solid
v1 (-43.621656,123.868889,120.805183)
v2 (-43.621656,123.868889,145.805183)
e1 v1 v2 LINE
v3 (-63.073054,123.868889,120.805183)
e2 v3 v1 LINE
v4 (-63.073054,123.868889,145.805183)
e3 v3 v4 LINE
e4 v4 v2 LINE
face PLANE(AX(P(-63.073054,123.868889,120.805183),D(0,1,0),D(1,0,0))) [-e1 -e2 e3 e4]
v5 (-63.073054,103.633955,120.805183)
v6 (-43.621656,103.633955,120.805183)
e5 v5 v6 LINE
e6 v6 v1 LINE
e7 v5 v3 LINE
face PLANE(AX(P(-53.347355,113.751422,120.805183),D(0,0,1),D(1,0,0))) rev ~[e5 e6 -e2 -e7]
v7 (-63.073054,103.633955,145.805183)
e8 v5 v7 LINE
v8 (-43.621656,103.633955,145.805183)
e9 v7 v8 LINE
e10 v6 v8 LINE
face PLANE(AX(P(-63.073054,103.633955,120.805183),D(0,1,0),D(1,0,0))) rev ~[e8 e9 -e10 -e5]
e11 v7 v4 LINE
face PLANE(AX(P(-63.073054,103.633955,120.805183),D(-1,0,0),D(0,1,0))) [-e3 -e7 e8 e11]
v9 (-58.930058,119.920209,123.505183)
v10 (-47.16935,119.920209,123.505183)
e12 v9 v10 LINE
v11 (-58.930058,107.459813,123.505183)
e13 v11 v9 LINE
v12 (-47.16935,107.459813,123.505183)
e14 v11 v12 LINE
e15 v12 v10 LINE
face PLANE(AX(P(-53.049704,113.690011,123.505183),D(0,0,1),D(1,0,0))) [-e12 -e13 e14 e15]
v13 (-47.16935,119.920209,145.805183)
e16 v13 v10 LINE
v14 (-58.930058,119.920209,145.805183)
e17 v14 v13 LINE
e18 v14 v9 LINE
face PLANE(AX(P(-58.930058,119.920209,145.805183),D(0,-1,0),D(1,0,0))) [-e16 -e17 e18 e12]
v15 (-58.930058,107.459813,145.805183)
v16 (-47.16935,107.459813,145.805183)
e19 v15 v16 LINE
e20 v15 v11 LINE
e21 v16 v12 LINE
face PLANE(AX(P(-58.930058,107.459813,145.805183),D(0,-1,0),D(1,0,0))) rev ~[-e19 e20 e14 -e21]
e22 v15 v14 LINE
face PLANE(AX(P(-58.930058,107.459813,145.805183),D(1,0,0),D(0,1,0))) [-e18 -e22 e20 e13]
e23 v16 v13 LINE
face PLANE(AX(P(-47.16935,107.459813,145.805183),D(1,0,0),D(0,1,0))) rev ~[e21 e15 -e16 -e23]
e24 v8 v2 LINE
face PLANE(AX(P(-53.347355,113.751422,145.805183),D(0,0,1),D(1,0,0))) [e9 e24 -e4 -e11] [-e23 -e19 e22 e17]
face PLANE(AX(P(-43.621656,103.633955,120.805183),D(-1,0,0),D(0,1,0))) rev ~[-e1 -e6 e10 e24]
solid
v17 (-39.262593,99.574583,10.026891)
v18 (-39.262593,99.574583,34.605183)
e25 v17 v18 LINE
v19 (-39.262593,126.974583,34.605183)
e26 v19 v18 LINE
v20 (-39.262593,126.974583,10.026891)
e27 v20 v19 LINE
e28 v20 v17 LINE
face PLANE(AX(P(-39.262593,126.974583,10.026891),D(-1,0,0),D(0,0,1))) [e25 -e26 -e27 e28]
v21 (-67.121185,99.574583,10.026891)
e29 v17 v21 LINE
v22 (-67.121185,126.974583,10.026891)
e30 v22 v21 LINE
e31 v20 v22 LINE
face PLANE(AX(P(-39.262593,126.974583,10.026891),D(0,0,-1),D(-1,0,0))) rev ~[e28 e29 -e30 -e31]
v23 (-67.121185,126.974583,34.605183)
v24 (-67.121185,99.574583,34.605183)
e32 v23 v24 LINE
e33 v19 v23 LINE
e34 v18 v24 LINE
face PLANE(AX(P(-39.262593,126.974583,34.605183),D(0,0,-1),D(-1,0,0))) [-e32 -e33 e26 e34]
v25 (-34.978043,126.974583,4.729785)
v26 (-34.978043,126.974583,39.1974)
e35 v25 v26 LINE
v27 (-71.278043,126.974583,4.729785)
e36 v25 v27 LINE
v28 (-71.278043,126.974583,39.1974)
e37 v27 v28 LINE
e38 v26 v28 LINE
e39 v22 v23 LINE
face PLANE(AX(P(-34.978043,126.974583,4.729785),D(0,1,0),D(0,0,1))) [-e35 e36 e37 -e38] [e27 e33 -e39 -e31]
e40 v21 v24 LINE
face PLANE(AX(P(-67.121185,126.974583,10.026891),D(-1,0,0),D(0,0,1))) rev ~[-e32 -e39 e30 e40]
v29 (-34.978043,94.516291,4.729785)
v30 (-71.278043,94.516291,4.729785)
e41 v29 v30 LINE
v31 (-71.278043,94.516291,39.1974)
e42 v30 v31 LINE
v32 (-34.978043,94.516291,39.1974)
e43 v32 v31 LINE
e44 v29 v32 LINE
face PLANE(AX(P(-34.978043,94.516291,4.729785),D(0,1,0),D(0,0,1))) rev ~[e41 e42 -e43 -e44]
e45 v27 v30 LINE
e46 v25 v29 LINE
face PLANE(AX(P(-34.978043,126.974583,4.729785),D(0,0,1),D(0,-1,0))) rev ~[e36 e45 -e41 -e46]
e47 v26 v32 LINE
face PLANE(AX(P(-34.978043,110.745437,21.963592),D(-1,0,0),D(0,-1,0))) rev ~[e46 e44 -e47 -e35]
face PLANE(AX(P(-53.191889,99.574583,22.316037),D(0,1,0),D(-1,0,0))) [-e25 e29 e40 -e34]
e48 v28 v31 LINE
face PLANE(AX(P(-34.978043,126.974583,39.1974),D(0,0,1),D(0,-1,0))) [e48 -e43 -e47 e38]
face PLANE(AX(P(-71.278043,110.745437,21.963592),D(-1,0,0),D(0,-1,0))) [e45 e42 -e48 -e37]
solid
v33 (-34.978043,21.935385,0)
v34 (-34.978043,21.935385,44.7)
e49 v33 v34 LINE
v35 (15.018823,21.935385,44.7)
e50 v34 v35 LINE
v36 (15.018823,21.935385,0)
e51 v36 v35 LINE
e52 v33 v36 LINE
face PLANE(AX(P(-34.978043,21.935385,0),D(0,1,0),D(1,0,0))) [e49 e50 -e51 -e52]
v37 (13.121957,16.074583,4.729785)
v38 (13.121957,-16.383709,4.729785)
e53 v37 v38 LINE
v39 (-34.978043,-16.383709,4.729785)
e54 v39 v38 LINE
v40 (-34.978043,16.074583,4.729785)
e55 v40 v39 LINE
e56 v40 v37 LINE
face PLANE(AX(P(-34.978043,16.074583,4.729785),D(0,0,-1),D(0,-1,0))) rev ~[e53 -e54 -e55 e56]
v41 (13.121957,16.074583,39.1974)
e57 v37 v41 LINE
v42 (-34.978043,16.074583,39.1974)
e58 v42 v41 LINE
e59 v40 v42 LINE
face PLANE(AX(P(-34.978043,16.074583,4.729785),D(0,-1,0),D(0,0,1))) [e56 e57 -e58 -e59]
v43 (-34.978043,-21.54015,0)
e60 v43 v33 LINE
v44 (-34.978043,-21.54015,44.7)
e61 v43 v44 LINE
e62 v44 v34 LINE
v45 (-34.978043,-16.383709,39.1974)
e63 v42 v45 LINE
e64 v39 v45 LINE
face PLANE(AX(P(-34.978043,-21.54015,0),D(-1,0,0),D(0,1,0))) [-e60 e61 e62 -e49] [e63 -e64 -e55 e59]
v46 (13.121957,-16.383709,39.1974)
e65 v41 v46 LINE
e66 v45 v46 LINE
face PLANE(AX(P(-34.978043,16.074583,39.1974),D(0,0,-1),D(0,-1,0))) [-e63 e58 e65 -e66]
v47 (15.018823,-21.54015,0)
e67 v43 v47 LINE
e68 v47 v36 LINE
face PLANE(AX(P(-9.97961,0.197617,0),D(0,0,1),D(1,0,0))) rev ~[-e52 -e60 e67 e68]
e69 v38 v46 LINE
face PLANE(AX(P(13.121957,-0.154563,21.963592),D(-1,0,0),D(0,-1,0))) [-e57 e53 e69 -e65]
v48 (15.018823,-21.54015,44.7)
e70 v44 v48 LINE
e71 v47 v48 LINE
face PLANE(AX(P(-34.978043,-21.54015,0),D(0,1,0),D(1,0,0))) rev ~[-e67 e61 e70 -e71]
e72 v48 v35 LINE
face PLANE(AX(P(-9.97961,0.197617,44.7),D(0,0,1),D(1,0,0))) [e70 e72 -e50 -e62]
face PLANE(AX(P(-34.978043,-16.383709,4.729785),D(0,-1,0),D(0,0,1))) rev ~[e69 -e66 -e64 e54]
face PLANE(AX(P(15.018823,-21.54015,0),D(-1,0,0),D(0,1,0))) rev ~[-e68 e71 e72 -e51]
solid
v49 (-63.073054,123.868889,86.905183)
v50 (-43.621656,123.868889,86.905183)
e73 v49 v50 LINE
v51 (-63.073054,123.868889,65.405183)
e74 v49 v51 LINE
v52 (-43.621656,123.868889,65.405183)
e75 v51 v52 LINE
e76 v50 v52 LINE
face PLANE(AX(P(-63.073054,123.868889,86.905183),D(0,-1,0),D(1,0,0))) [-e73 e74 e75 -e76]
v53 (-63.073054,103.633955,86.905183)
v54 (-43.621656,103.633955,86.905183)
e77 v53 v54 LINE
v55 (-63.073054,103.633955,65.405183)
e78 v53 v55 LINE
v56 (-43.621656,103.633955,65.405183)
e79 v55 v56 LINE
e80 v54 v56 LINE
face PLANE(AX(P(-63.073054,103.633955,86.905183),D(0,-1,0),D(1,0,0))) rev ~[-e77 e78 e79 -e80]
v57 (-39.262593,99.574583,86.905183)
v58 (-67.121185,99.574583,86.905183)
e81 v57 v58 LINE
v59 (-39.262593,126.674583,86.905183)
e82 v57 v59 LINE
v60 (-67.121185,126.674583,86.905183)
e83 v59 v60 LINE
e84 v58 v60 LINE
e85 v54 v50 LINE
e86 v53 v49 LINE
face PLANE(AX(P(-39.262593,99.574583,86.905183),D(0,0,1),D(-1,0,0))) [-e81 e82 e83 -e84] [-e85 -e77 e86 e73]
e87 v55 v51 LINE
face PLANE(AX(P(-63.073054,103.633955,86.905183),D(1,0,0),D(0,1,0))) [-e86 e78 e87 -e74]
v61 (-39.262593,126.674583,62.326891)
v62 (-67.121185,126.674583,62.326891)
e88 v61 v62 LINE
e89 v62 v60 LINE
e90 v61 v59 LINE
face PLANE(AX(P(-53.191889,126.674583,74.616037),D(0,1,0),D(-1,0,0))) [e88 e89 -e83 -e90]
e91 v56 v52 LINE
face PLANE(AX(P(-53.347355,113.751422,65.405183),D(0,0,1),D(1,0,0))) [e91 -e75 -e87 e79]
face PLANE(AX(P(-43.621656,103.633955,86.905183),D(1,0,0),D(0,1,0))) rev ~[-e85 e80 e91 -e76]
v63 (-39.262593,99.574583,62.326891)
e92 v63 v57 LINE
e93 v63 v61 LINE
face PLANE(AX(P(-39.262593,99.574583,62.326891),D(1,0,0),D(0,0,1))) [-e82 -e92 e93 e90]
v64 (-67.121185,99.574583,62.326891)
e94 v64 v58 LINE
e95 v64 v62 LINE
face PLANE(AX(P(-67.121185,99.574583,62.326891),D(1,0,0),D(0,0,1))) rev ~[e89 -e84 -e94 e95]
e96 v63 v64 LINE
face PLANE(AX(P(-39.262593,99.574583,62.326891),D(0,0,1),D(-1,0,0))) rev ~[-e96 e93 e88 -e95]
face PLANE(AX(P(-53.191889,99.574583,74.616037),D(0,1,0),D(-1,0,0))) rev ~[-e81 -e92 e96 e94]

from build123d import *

# Parameters (mm, degrees)
F0_W      = 49.996865
F0_H      = 43.475535
F1_DEPTH  = 44.7
F2_W      = 32.458292
F2_H      = 34.467615
F3_DEPTH  = 48.1
F4_DEPTH  = 36.3
F6_W      = 27.858592
F6_H      = 24.578292
F7_DEPTH  = 27.4
F7_FACE_W = 27.858592
F7_FACE_H = 24.578292
F8_DEPTH  = 27.1
F10_W     = 19.451398
F10_H     = 20.234935
F11_DEPTH = 21.5
F12_DEPTH = 25
F14_W     = 11.760708
F14_H     = 12.460396
F15_DEPTH = 22.3


with BuildPart() as f1:
    # F0 (on Top) → F1 (new body)
    with BuildSketch(Plane.XY):
        with Locations((-9.97961, 0.197617)):
            Rectangle(F0_W, F0_H)
    extrude(amount=F1_DEPTH)

    # F2 (on face) → F3 (cut)
    with BuildSketch(Plane(origin=(-34.978043, 0, 0), x_dir=(0, -1, 0), z_dir=(-1, 0, 0))):
        with Locations((0.154563, 21.963592)):
            Rectangle(F2_W, F2_H)
    extrude(amount=-F3_DEPTH, mode=Mode.SUBTRACT)


with BuildPart() as f4:
    # F2 (on face) → F4 (new body)
    with BuildSketch(Plane(origin=(-34.978043, 0, 0), x_dir=(0, -1, 0), z_dir=(-1, 0, 0))):
        with Locations((0.154563, 21.963592)):
            Rectangle(F2_W, F2_H)
    extrude(amount=F4_DEPTH)


with BuildPart() as f4_1:
    # F5: moved
    add(f4.part.moved(Location((0, 110.9, 0))))

    # F6 (on face) → F7 (cut)
    with BuildSketch(Plane(origin=(0, 126.974583, 0), x_dir=(-1, 0, 0), z_dir=(0, 1, 0))):
        with Locations((53.191889, 22.316037)):
            Rectangle(F6_W, F6_H)
    extrude(amount=-F7_DEPTH, mode=Mode.SUBTRACT)


with BuildPart() as f8:
    # F7_face (on face) → F8 (new body)
    with BuildSketch(Plane(origin=(-53.191889, 99.574583, 22.316037), x_dir=(-1, 0, 0), z_dir=(0, 1, 0))):
        Rectangle(F7_FACE_W, F7_FACE_H)
    extrude(amount=F8_DEPTH)


with BuildPart() as f8_1:
    # F9: moved
    add(f8.part.moved(Location((0, 0, 52.3))))

    # F10 (on face) → F11 (cut)
    with BuildSketch(Plane.XY.offset(86.905183)):
        with Locations((-53.347355, 113.751422)):
            Rectangle(F10_W, F10_H)
    extrude(amount=-F11_DEPTH, mode=Mode.SUBTRACT)


with BuildPart() as f12:
    # F10 (on face) → F12 (new body)
    with BuildSketch(Plane.XY.offset(86.905183)):
        with Locations((-53.347355, 113.751422)):
            Rectangle(F10_W, F10_H)
    extrude(amount=F12_DEPTH)


with BuildPart() as f12_1:
    # F13: moved
    add(f12.part.moved(Location((0, 0, 33.9))))

    # F14 (on face) → F15 (cut)
    with BuildSketch(Plane.XY.offset(145.805183)):
        with Locations((-53.049704, 113.690011)):
            Rectangle(F14_W, F14_H)
    extrude(amount=-F15_DEPTH, mode=Mode.SUBTRACT)


solid = Compound([f1.part, f4_1.part, f8_1.part, f12_1.part])
